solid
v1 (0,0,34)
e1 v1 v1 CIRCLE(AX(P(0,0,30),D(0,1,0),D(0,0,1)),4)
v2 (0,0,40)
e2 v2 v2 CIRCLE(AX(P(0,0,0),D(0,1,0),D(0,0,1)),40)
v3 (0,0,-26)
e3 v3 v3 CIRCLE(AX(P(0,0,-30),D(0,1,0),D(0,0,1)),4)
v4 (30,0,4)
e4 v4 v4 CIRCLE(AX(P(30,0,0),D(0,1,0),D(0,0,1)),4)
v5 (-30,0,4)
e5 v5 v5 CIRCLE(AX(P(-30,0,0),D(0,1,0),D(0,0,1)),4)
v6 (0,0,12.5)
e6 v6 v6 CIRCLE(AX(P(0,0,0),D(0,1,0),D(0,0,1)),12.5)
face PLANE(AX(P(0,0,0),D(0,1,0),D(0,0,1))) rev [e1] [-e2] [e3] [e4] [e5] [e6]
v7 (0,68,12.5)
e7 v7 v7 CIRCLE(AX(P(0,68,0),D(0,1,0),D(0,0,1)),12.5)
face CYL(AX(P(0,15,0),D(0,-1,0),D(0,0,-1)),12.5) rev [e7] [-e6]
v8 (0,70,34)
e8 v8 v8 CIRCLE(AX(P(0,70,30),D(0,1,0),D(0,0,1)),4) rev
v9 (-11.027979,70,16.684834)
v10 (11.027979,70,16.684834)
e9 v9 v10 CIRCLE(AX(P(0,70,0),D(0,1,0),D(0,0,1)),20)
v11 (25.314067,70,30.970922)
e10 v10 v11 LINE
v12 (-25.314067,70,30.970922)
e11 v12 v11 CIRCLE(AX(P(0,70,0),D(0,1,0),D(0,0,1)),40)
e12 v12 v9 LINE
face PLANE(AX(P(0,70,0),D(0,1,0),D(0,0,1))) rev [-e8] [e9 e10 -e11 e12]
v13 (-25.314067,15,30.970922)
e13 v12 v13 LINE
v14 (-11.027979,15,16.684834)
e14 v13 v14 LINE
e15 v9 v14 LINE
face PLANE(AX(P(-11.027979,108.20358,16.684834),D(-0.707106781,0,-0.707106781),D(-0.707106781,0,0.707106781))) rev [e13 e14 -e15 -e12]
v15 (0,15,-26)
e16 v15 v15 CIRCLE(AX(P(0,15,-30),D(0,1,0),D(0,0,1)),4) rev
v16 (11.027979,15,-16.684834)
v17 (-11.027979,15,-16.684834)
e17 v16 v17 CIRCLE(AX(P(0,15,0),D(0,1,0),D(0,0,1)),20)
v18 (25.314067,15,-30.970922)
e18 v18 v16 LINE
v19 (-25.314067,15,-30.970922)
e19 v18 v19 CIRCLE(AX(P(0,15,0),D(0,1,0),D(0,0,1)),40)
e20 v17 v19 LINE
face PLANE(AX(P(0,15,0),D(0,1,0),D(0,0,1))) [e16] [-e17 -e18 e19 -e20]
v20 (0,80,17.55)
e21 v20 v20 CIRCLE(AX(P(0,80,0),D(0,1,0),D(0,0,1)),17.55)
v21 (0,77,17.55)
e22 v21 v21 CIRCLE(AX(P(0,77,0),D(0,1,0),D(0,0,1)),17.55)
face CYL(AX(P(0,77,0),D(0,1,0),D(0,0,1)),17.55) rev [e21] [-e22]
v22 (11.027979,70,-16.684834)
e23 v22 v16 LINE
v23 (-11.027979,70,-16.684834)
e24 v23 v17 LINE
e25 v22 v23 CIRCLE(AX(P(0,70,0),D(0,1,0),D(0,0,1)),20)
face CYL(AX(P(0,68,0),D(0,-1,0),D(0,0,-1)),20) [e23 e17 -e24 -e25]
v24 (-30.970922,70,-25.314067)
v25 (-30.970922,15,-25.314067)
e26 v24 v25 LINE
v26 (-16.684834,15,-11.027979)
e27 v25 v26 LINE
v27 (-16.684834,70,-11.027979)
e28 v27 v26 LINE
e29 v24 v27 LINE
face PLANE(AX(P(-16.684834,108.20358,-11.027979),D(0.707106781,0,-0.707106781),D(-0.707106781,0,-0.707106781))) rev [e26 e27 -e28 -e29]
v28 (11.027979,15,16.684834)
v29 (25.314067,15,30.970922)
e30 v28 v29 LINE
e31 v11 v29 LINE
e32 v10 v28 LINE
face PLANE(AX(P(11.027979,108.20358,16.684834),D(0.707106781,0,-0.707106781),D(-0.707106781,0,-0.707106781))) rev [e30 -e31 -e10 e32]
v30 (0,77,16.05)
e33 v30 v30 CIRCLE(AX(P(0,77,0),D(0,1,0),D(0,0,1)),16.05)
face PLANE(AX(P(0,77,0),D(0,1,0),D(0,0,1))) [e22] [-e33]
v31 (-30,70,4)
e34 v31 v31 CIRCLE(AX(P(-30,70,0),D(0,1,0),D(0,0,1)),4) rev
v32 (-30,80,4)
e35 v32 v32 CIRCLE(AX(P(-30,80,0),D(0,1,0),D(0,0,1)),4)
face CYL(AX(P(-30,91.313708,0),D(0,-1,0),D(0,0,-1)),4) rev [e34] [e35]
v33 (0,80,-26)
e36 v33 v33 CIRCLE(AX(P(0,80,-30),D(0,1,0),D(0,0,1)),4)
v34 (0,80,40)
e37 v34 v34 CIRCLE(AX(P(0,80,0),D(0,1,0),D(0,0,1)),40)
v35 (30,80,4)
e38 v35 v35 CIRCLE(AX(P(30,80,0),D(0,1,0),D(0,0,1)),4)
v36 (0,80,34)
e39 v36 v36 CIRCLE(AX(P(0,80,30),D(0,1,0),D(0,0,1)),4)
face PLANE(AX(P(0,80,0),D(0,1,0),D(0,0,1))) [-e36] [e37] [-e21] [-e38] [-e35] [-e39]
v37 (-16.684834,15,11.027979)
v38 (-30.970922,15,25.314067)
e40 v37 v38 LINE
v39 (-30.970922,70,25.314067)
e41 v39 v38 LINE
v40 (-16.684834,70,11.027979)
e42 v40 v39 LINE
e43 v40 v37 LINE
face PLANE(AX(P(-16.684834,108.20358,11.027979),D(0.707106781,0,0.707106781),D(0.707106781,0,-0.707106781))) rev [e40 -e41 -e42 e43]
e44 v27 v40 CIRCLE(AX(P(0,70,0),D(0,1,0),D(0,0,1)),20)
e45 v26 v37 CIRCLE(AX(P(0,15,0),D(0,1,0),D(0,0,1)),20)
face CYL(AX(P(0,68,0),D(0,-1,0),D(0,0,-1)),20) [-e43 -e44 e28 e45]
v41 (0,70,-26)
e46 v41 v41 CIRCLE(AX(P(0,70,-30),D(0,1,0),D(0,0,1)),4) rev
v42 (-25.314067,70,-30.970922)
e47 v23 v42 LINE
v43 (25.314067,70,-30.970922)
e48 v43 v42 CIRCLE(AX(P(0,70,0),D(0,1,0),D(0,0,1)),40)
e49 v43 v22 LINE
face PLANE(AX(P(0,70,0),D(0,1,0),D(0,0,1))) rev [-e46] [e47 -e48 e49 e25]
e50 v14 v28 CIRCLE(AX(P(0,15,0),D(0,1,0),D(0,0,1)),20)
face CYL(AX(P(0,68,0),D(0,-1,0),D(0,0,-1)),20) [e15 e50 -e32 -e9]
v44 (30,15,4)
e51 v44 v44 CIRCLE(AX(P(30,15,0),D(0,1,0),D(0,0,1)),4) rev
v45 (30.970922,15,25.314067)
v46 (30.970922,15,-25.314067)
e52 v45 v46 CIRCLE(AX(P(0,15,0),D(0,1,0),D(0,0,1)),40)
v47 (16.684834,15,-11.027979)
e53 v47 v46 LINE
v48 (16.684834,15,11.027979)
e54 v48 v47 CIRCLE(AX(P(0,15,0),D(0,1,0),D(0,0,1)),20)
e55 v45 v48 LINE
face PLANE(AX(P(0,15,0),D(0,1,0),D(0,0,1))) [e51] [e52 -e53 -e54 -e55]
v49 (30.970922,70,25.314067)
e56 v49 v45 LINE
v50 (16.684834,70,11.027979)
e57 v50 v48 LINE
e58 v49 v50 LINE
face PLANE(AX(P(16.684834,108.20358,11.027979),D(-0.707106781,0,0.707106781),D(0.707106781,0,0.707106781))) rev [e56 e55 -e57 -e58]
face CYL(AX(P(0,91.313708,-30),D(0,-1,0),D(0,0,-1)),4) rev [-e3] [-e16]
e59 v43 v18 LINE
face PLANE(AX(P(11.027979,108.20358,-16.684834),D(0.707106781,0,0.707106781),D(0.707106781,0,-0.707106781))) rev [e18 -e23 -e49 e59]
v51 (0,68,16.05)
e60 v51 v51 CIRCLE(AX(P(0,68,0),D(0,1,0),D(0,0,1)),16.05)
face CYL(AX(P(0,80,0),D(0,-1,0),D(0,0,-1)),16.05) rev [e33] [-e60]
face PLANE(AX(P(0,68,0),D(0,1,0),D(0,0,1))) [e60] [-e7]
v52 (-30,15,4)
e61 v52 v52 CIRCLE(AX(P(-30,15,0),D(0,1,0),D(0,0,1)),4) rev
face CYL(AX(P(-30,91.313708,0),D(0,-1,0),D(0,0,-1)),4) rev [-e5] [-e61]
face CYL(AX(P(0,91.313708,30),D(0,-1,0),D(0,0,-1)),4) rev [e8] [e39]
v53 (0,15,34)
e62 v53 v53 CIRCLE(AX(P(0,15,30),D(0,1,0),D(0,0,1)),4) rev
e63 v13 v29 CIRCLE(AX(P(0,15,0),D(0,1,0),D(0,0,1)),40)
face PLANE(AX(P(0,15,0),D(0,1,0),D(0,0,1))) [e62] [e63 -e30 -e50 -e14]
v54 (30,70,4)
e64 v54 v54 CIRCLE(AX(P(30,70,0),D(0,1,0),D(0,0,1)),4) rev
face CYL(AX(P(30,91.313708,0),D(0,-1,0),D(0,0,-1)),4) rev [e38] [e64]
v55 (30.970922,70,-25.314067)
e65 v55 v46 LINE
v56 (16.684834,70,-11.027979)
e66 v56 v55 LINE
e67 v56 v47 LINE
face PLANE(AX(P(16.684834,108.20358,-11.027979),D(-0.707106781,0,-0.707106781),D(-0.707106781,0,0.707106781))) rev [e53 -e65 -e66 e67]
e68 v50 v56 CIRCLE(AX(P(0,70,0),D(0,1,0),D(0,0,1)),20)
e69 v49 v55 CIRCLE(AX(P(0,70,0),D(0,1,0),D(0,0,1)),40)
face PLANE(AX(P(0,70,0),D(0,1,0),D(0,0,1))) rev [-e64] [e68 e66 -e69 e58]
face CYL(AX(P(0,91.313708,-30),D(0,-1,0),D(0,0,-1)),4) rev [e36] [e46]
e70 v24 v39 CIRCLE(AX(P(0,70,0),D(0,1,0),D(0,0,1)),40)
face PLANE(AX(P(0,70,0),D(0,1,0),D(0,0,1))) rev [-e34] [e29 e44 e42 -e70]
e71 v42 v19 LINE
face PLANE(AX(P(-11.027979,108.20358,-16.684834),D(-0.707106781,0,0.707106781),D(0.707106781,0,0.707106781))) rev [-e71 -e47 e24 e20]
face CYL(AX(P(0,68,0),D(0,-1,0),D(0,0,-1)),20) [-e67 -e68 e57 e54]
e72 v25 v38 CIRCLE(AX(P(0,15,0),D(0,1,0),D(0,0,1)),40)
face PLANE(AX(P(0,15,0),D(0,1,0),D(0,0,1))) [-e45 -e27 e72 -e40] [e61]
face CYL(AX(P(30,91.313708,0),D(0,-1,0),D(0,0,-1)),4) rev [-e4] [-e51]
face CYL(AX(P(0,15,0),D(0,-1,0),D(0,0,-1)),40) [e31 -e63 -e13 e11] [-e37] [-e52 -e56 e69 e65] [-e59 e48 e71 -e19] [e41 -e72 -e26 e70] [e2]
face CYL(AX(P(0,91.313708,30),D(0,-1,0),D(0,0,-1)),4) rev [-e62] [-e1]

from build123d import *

# Parameters (mm, degrees)
SKETCH1_R           = 40
SKETCH1_R_2         = 12.5
BOSS_EXTRUDE1_DEPTH = 15
SKETCH3_R           = 20
SKETCH3_R_2         = 12.5
BOSS_EXTRUDE2_DEPTH = 53
SKETCH4_R           = 20
SKETCH4_R_2         = 16.05
BOSS_EXTRUDE3_DEPTH = 12
BOSS_EXTRUDE4_DEPTH = 65
SKETCH6_R           = 17.55
CUT_EXTRUDE2_DEPTH  = 3
SKETCH7_R           = 40
SKETCH7_R_2         = 20
BOSS_EXTRUDE5_DEPTH = 10
SKETCH2_R           = 4
CUT_EXTRUDE1_DEPTH  = 80


with BuildPart() as part:
    # Sketch1 → Boss-Extrude1 (new body)
    with BuildSketch(Plane(origin=(0, 0, 0), x_dir=(1, 0, 0), z_dir=(0, 1, 0))):
        Circle(SKETCH1_R)
        Circle(SKETCH1_R_2, mode=Mode.SUBTRACT)
    extrude(amount=BOSS_EXTRUDE1_DEPTH)

    # Sketch3 → Boss-Extrude2 (add)
    with BuildSketch(Plane(origin=(0, 15, 0), x_dir=(1, 0, 0), z_dir=(0, 1, 0))):
        Circle(SKETCH3_R)
        Circle(SKETCH3_R_2, mode=Mode.SUBTRACT)
    extrude(amount=BOSS_EXTRUDE2_DEPTH)

    # Sketch4 → Boss-Extrude3 (add)
    with BuildSketch(Plane(origin=(0, 68, 0), x_dir=(1, 0, 0), z_dir=(0, 1, 0))):
        Circle(SKETCH4_R)
        Circle(SKETCH4_R_2, mode=Mode.SUBTRACT)
    extrude(amount=BOSS_EXTRUDE3_DEPTH)

    # Sketch5 → Boss-Extrude4 (add)
    with BuildSketch(Plane(origin=(0, 15, 0), x_dir=(1, 0, 0), z_dir=(0, 1, 0))):
        with BuildLine():
            Line((-16.684833585, -11.027979336), (-30.970921684, -25.314067434))
            ThreePointArc((-30.970921684, -25.314067434), (-28.284271247, -28.284271247), (-25.314067434, -30.970921684))
            Line((-25.314067434, -30.970921684), (-11.027979336, -16.684833585))
            ThreePointArc((-11.027979336, -16.684833585), (-14.142135624, -14.142135624), (-16.684833585, -11.027979336))
        make_face()
        with BuildLine():
            Line((-16.684833585, 11.027979336), (-30.970921684, 25.314067434))
            ThreePointArc((-30.970921684, 25.314067434), (-28.284271247, 28.284271247), (-25.314067434, 30.970921684))
            Line((-25.314067434, 30.970921684), (-11.027979336, 16.684833585))
            ThreePointArc((-11.027979336, 16.684833585), (-14.142135624, 14.142135624), (-16.684833585, 11.027979336))
        make_face()
        with BuildLine():
            Line((11.027979336, 16.684833585), (25.314067434, 30.970921684))
            ThreePointArc((25.314067434, 30.970921684), (28.284271247, 28.284271247), (30.970921684, 25.314067434))
            Line((30.970921684, 25.314067434), (16.684833585, 11.027979336))
            ThreePointArc((16.684833585, 11.027979336), (14.142135624, 14.142135624), (11.027979336, 16.684833585))
        make_face()
        with BuildLine():
            Line((16.684833585, -11.027979336), (30.970921684, -25.314067434))
            ThreePointArc((30.970921684, -25.314067434), (28.284271247, -28.284271247), (25.314067434, -30.970921684))
            Line((25.314067434, -30.970921684), (11.027979336, -16.684833585))
            ThreePointArc((11.027979336, -16.684833585), (14.142135624, -14.142135624), (16.684833585, -11.027979336))
        make_face()
    extrude(amount=BOSS_EXTRUDE4_DEPTH)

    # Sketch6 → Cut-Extrude2 (cut)
    with BuildSketch(Plane(origin=(0, 80, 0), x_dir=(1, 0, 0), z_dir=(0, 1, 0))):
        Circle(SKETCH6_R)
    extrude(amount=-CUT_EXTRUDE2_DEPTH, mode=Mode.SUBTRACT)

    # Sketch7 → Boss-Extrude5 (add)
    with BuildSketch(Plane(origin=(0, 80, 0), x_dir=(1, 0, 0), z_dir=(0, 1, 0))):
        Circle(SKETCH7_R)
        Circle(SKETCH7_R_2, mode=Mode.SUBTRACT)
    extrude(amount=-BOSS_EXTRUDE5_DEPTH)

    # Sketch2 → Cut-Extrude1 (cut)
    with BuildSketch(Plane(origin=(0, 0, 0), x_dir=(1, 0, 0), z_dir=(0, 1, 0))):
        with Locations((0, 30)):
            Circle(SKETCH2_R)
        with Locations((30, 0)):
            Circle(SKETCH2_R)
        with Locations((0, -30)):
            Circle(SKETCH2_R)
        with Locations((-30, 0)):
            Circle(SKETCH2_R)
    extrude(amount=CUT_EXTRUDE1_DEPTH, mode=Mode.SUBTRACT)


solid = part.part
